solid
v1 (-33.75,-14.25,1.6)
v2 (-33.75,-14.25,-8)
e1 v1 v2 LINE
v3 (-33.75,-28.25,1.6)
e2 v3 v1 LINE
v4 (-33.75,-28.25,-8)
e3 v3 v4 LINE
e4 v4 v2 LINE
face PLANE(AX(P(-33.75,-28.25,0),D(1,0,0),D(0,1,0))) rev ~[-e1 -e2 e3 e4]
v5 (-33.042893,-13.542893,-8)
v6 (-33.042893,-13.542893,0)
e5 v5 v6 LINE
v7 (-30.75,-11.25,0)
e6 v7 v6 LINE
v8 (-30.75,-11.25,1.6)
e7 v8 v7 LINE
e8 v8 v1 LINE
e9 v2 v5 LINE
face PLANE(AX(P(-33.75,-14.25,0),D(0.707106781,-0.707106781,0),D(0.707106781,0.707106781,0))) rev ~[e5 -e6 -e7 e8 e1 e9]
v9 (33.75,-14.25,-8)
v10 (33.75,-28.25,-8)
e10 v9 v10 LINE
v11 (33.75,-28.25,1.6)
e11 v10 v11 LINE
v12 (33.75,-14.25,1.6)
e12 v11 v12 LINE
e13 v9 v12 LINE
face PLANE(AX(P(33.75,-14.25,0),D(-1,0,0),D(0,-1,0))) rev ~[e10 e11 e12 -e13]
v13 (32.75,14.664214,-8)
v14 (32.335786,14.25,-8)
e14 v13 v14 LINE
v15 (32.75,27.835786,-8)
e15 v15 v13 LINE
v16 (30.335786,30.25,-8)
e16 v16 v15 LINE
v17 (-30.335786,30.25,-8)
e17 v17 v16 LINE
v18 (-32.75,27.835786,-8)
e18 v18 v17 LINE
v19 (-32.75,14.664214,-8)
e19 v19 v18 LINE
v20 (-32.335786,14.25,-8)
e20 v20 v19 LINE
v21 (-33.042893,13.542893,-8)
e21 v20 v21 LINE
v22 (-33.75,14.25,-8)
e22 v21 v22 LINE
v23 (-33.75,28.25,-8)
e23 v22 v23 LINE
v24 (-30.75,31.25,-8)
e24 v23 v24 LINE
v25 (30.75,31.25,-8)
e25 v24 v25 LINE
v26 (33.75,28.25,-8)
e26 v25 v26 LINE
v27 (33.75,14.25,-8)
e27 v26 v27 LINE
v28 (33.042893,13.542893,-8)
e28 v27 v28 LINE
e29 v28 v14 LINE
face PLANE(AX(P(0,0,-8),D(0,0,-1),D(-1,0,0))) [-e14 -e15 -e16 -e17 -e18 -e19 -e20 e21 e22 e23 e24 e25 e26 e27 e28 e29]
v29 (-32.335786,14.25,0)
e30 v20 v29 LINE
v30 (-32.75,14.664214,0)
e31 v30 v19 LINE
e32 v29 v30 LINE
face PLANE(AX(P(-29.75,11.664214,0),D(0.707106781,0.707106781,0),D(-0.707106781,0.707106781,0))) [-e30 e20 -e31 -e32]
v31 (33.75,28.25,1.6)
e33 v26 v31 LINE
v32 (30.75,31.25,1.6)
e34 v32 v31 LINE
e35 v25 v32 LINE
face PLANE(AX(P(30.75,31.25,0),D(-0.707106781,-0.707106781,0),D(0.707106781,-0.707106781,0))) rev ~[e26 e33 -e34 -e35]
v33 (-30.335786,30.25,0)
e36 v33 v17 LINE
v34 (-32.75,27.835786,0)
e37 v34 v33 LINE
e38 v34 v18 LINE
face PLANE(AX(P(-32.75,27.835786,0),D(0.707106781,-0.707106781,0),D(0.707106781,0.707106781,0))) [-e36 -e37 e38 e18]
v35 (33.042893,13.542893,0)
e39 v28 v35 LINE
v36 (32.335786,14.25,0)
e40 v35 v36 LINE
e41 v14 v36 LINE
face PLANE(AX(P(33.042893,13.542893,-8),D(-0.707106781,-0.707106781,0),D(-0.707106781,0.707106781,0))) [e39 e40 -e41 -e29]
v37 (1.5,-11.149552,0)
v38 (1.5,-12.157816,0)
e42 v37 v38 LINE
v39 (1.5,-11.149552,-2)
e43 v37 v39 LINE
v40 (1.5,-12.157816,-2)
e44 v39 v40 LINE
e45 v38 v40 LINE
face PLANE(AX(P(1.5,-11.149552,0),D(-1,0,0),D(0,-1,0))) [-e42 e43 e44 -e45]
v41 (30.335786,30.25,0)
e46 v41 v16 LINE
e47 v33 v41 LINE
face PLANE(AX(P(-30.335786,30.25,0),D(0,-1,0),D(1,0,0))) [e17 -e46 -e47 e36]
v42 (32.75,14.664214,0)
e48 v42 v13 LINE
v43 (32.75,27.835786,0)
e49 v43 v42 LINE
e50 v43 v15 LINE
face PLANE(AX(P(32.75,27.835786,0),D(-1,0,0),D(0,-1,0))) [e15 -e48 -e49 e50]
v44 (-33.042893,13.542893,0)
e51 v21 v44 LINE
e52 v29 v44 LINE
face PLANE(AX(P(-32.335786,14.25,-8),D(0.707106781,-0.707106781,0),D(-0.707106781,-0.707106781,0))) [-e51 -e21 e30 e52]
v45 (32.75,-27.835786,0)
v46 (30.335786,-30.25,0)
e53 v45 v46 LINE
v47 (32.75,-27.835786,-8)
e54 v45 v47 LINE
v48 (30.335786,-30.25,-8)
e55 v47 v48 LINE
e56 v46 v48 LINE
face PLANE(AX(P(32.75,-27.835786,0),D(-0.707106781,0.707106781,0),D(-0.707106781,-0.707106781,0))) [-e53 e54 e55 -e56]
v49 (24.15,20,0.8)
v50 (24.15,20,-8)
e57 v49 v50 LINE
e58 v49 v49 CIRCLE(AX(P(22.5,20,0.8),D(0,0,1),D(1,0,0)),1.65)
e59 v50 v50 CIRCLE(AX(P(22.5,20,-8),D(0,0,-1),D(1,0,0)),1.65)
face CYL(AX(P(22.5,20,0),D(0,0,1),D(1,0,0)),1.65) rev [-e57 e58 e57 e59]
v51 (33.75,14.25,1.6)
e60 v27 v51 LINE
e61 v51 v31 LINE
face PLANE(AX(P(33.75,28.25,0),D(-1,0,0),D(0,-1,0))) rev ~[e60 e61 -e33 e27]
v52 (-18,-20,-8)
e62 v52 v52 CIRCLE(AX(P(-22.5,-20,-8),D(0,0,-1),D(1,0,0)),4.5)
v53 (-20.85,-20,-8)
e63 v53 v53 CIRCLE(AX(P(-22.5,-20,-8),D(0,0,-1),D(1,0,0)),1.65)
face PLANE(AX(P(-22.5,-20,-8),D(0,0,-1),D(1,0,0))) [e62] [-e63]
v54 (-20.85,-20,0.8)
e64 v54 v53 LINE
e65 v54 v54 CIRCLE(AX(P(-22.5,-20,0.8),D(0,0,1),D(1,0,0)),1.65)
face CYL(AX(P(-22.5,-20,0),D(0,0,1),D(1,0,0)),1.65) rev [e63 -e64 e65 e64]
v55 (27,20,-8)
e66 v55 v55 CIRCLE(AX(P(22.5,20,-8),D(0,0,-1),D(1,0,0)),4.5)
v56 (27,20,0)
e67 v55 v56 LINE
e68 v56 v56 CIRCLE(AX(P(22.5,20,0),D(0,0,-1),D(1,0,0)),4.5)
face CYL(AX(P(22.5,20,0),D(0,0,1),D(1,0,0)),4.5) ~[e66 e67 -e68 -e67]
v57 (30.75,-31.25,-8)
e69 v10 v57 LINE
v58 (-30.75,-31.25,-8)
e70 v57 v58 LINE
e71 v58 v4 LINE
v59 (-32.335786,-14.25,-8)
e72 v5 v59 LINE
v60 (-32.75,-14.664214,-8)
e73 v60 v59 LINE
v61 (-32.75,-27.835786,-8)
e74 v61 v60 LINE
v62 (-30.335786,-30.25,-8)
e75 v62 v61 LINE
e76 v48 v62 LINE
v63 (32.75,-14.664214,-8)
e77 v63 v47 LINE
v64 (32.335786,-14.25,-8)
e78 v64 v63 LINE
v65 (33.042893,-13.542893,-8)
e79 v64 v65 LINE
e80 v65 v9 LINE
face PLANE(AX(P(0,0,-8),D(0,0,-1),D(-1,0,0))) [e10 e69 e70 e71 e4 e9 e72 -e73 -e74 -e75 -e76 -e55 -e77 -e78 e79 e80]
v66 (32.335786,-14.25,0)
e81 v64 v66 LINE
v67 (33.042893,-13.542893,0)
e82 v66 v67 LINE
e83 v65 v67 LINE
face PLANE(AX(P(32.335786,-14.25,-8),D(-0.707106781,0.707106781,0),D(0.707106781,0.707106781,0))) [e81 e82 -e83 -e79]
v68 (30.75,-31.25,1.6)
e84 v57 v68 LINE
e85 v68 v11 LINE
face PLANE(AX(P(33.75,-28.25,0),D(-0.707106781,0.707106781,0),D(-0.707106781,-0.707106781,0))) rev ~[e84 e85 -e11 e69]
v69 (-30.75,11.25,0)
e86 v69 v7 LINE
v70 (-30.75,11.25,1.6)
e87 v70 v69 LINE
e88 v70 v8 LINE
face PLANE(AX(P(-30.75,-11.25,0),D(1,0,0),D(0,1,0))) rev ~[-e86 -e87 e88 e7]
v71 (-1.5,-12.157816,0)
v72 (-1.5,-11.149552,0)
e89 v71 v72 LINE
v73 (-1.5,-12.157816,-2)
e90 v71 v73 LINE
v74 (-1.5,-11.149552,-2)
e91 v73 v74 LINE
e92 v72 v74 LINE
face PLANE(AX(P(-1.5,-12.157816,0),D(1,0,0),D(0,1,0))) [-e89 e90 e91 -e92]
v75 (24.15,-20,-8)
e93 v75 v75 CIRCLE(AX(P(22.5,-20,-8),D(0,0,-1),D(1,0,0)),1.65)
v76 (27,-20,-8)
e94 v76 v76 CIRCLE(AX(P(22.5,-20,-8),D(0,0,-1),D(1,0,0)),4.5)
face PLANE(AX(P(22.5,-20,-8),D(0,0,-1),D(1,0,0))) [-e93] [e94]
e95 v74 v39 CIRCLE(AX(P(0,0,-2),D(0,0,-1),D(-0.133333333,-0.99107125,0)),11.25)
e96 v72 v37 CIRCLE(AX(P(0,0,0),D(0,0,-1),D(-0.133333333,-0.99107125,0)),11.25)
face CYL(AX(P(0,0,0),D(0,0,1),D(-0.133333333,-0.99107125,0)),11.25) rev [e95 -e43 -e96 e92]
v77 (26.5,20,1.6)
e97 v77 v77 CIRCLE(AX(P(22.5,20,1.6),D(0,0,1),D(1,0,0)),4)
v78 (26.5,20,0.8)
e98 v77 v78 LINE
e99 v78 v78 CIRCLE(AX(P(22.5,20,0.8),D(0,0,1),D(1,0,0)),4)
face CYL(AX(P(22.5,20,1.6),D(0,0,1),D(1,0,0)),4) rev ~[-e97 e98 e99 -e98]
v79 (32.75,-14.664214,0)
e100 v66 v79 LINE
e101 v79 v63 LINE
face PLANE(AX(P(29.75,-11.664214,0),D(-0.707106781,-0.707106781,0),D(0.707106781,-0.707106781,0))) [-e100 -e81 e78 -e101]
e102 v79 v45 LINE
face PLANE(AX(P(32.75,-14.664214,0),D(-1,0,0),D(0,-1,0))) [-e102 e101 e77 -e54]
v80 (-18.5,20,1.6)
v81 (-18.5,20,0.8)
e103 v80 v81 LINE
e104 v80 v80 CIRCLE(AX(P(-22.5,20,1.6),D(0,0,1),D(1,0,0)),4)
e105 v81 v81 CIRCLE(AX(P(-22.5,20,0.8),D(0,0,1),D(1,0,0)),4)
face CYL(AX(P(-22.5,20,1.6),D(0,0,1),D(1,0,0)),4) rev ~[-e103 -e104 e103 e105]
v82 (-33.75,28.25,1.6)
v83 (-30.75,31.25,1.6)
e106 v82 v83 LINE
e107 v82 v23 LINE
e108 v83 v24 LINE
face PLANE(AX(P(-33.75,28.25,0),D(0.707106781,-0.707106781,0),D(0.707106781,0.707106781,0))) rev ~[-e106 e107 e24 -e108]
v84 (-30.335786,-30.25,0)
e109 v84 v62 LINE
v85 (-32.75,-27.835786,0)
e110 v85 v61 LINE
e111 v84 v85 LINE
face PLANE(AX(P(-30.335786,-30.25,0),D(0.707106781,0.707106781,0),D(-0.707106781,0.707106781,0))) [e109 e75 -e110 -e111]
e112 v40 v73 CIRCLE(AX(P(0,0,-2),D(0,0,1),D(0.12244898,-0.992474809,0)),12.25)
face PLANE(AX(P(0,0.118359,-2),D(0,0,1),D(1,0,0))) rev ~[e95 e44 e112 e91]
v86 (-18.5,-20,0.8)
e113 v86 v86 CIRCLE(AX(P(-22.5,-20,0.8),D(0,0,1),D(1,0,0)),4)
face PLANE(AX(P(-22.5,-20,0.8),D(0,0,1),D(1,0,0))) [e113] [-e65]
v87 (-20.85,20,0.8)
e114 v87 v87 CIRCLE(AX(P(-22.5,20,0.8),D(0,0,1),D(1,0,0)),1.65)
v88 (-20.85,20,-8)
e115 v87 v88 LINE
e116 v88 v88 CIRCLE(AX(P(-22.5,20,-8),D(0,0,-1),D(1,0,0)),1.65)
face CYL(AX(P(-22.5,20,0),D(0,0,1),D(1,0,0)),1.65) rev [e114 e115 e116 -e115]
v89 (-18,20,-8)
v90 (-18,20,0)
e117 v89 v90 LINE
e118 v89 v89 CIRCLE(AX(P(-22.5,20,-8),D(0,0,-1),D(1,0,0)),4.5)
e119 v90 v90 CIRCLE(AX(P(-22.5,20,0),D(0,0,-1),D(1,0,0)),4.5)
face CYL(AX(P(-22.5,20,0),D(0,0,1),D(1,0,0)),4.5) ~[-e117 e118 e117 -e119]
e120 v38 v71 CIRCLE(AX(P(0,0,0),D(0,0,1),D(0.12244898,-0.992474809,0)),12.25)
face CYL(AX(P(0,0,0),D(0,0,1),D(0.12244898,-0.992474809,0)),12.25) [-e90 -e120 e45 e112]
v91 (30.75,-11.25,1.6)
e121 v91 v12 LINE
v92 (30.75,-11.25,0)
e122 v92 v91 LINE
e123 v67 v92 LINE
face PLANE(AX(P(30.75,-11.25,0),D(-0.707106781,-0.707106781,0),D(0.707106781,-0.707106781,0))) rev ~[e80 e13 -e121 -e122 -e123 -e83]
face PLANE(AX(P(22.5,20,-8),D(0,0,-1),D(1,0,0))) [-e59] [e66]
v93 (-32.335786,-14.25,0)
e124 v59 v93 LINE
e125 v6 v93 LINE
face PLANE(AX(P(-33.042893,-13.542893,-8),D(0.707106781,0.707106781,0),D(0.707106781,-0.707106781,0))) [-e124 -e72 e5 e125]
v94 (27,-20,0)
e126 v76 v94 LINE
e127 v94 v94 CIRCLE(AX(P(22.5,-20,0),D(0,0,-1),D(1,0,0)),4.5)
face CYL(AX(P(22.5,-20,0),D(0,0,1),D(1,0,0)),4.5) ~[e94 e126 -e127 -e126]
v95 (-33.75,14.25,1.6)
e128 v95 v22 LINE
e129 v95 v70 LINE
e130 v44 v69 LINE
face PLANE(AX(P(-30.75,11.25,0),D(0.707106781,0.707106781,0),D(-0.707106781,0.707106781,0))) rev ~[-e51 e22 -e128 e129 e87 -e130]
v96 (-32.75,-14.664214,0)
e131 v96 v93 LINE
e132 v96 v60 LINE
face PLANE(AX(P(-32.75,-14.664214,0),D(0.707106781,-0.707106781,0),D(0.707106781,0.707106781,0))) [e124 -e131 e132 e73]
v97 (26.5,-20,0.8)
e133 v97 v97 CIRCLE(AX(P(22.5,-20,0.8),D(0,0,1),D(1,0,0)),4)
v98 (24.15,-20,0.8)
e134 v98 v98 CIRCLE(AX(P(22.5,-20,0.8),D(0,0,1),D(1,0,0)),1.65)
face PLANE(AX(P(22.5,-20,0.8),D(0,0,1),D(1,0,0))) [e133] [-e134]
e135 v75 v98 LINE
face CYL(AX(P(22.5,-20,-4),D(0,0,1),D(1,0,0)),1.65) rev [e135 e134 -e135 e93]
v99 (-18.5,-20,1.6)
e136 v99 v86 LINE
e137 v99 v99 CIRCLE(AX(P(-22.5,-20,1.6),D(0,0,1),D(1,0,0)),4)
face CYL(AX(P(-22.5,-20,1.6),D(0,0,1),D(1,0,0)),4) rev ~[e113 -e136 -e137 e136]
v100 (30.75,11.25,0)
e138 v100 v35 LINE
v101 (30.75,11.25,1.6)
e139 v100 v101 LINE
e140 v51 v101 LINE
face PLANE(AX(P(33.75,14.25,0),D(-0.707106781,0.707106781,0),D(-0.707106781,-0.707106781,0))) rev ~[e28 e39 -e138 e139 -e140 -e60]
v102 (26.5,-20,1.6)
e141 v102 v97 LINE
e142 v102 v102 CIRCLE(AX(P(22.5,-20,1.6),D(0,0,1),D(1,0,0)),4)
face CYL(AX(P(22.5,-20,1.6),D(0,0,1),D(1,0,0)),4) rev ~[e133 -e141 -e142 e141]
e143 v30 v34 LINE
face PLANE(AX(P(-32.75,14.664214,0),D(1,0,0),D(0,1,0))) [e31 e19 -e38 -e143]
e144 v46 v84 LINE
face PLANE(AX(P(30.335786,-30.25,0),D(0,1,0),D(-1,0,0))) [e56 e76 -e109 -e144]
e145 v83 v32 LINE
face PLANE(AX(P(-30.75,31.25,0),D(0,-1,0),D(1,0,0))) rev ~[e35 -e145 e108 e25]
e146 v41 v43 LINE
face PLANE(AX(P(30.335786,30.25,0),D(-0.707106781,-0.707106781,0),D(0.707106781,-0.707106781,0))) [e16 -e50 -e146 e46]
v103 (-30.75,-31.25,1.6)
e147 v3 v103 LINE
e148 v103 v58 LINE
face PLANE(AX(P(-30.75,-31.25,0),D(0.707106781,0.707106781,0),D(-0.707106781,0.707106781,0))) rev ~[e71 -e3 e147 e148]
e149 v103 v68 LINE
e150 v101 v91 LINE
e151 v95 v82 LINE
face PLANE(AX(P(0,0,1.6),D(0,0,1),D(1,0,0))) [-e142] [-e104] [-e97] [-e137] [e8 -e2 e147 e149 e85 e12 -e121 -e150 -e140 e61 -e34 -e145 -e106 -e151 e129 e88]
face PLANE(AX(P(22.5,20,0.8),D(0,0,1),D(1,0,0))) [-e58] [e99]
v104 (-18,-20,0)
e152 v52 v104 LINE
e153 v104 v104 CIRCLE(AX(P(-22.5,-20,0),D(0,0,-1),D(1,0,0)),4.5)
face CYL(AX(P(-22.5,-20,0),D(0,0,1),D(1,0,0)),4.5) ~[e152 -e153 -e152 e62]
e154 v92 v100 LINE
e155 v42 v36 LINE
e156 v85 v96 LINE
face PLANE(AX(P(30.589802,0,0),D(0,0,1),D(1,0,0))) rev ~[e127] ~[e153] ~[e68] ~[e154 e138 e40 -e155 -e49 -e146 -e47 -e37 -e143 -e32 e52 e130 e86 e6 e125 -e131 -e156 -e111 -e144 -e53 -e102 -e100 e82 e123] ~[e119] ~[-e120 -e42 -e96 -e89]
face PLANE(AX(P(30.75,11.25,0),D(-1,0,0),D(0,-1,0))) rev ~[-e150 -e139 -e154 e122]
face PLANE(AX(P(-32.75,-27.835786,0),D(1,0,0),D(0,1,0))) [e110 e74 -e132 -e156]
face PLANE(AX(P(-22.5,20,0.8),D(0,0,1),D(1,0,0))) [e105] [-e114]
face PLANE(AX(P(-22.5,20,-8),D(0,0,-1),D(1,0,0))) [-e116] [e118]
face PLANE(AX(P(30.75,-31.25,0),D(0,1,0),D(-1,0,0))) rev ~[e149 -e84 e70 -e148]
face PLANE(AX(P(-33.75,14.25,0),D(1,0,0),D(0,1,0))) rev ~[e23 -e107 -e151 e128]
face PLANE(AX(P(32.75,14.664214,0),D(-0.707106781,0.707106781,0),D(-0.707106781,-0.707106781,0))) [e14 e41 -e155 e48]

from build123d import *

# Parameters (mm, degrees)
SKETCH_1_W           = 67.5
SKETCH_1_H           = 62.5
EXTRUDE_1_DEPTH      = 1.6
SKETCH_2_R           = 1.65
CUT_EXTRUDE_1_DEPTH  = 10
CHAMFER_1_SIZE       = 3
SKETCH_3_R           = 1.65
EXTRUDE_2_DEPTH      = 4
SKETCH_4_R           = 4
CUT_EXTRUDE_2_DEPTH  = 0.8
SKETCH_5_R           = 4.5
EXTRUDE_3_DEPTH      = 6
EXTRUDE_4_DEPTH      = 8
EXTRUDE_5_DEPTH      = 2
CUT_EXTRUDE_4_DEPTH  = 8
EXTRUDE_6_DEPTH      = 2
EXTRUDE_6_DEPTH_BACK = 2
SKETCH_10_R          = 4.5
SKETCH_10_R_2        = 1.65


with BuildPart() as part:
    # 草图1 → 凸台-拉伸1 (new body)
    with BuildSketch(Plane.XY):
        Rectangle(SKETCH_1_W, SKETCH_1_H)
    extrude(amount=EXTRUDE_1_DEPTH)

    # 草图2 → 切除-拉伸1 (cut)
    with BuildSketch(Plane.XY.offset(1.6)):
        with Locations((-22.5, 20)):
            Circle(SKETCH_2_R)
        with Locations((22.5, 20)):
            Circle(SKETCH_2_R)
        with Locations((22.5, -20)):
            Circle(SKETCH_2_R)
        with Locations((-22.5, -20)):
            Circle(SKETCH_2_R)
        Polygon((-30.75, 11.25), (-30.75, -11.25), (-33.75, -14.25), (-33.75, 14.25), align=None)
        Polygon((30.75, 11.25), (30.75, -11.25), (33.75, -14.25), (33.75, 14.25), align=None)
    extrude(amount=-CUT_EXTRUDE_1_DEPTH, mode=Mode.SUBTRACT)

    # 倒角1
    chamfer_1_edges = [part.edges().sort_by_distance(p)[0] for p in [
        (33.75, -31.25, 0.8),
        (-33.75, -31.25, 0.8),
        (-33.75, 31.25, 0.8),
        (33.75, 31.25, 0.8),
    ]]
    chamfer(chamfer_1_edges, length=CHAMFER_1_SIZE)

    # 草图3 → 凸台-拉伸2 (add)
    # profile 1 of 4: a face of its own
    with BuildSketch(Plane(origin=(0, 0, 0), x_dir=(-1, 0, 0), z_dir=(0, 0, -1))):
        Polygon((-19.901923789, 20), (-21.200961894, 22.25), (-23.799038106, 22.25), (-25.098076211, 20), (-23.799038106, 17.75), (-21.200961894, 17.75), align=None)
        with Locations(Location((-22.5, 20, 0), (0, 0, 180))):
            Circle(SKETCH_3_R, mode=Mode.SUBTRACT)
    # profile 2 of 4: a face of its own
    with BuildSketch(Plane(origin=(0, 0, 0), x_dir=(-1, 0, 0), z_dir=(0, 0, -1))):
        Polygon((25.098076211, 20), (23.799038106, 22.25), (21.200961894, 22.25), (19.901923789, 20), (21.200961894, 17.75), (23.799038106, 17.75), align=None)
        with Locations(Location((22.5, 20, 0), (0, 0, 180))):
            Circle(SKETCH_3_R, mode=Mode.SUBTRACT)
    # profile 3 of 4: a face of its own
    with BuildSketch(Plane(origin=(0, 0, 0), x_dir=(-1, 0, 0), z_dir=(0, 0, -1))):
        Polygon((25.098076211, -20), (23.799038106, -17.75), (21.200961894, -17.75), (19.901923789, -20), (21.200961894, -22.25), (23.799038106, -22.25), align=None)
        with Locations(Location((22.5, -20, 0), (0, 0, 180))):
            Circle(SKETCH_3_R, mode=Mode.SUBTRACT)
    # profile 4 of 4: a face of its own
    with BuildSketch(Plane(origin=(0, 0, 0), x_dir=(-1, 0, 0), z_dir=(0, 0, -1))):
        Polygon((-19.901923789, -20), (-21.200961894, -17.75), (-23.799038106, -17.75), (-25.098076211, -20), (-23.799038106, -22.25), (-21.200961894, -22.25), align=None)
        with Locations(Location((-22.5, -20, 0), (0, 0, 180))):
            Circle(SKETCH_3_R, mode=Mode.SUBTRACT)
    extrude(amount=EXTRUDE_2_DEPTH)

    # 草图4 → 切除-拉伸2 (cut)
    with BuildSketch(Plane.XY.offset(1.6)):
        with Locations((-22.5, 20)):
            Circle(SKETCH_4_R)
        with Locations((22.5, 20)):
            Circle(SKETCH_4_R)
        with Locations((22.5, -20)):
            Circle(SKETCH_4_R)
        with Locations((-22.5, -20)):
            Circle(SKETCH_4_R)
    extrude(amount=-CUT_EXTRUDE_2_DEPTH, mode=Mode.SUBTRACT)

    # 草图5 → 凸台-拉伸3 (add)
    # profile 1 of 4: a face of its own
    with BuildSketch(Plane(origin=(0, 0, 0), x_dir=(-1, 0, 0), z_dir=(0, 0, -1))):
        with Locations(Location((-22.5, 20, 0), (0, 0, 180))):
            Circle(SKETCH_5_R)
        Polygon((-21.200961894, 17.75), (-19.901923789, 20), (-21.200961894, 22.25), (-23.799038106, 22.25), (-25.098076211, 20), (-23.799038106, 17.75), align=None, mode=Mode.SUBTRACT)
    # profile 2 of 4: a face of its own
    with BuildSketch(Plane(origin=(0, 0, 0), x_dir=(-1, 0, 0), z_dir=(0, 0, -1))):
        with Locations(Location((22.5, 20, 0), (0, 0, 180))):
            Circle(SKETCH_5_R)
        Polygon((23.799038106, 17.75), (25.098076211, 20), (23.799038106, 22.25), (21.200961894, 22.25), (19.901923789, 20), (21.200961894, 17.75), align=None, mode=Mode.SUBTRACT)
    # profile 3 of 4: a face of its own
    with BuildSketch(Plane(origin=(0, 0, 0), x_dir=(-1, 0, 0), z_dir=(0, 0, -1))):
        with Locations(Location((22.5, -20, 0), (0, 0, 180))):
            Circle(SKETCH_5_R)
        Polygon((23.799038106, -22.25), (25.098076211, -20), (23.799038106, -17.75), (21.200961894, -17.75), (19.901923789, -20), (21.200961894, -22.25), align=None, mode=Mode.SUBTRACT)
    # profile 4 of 4: a face of its own
    with BuildSketch(Plane(origin=(0, 0, 0), x_dir=(-1, 0, 0), z_dir=(0, 0, -1))):
        with Locations(Location((-22.5, -20, 0), (0, 0, 180))):
            Circle(SKETCH_5_R)
        Polygon((-21.200961894, -22.25), (-19.901923789, -20), (-21.200961894, -17.75), (-23.799038106, -17.75), (-25.098076211, -20), (-23.799038106, -22.25), align=None, mode=Mode.SUBTRACT)
    extrude(amount=EXTRUDE_3_DEPTH)

    # 草图6 → 凸台-拉伸4 (add)
    with BuildSketch(Plane(origin=(0, 0, 0), x_dir=(-1, 0, 0), z_dir=(0, 0, -1))):
        Polygon((-30.75, -31.25), (30.75, -31.25), (33.75, -28.25), (33.75, -14.25), (30.75, -11.25), (30.75, 11.25), (33.75, 14.25), (33.75, 28.25), (30.75, 31.25), (-30.75, 31.25), (-33.75, 28.25), (-33.75, 14.25), (-30.75, 11.25), (-30.75, -11.25), (-33.75, -14.25), (-33.75, -28.25), align=None)
        Polygon((-30.335786438, -30.25), (30.335786438, -30.25), (32.75, -27.835786438), (32.75, -14.664213562), (29.75, -11.664213562), (29.75, 11.664213562), (32.75, 14.664213562), (32.75, 27.835786438), (30.335786438, 30.25), (-30.335786438, 30.25), (-32.75, 27.835786438), (-32.75, 14.664213562), (-29.75, 11.664213562), (-29.75, -11.664213562), (-32.75, -14.664213562), (-32.75, -27.835786438), align=None, mode=Mode.SUBTRACT)
    extrude(amount=EXTRUDE_4_DEPTH)

    # 草图8 → 凸台-拉伸5 (add)
    with BuildSketch(Plane(origin=(0, 0, 0), x_dir=(-1, 0, 0), z_dir=(0, 0, -1))):
        with BuildLine():
            Line((-1.5, -11.14955156), (-1.5, -12.157816416))
            ThreePointArc((-1.5, -12.157816416), (0, 12.25), (1.5, -12.157816416))
            Line((1.5, -12.157816416), (1.5, -11.14955156))
            ThreePointArc((1.5, -11.14955156), (0, 11.25), (-1.5, -11.14955156))
        make_face()
    extrude(amount=EXTRUDE_5_DEPTH)

    # 草图9 → 切除-拉伸4 (cut)
    with BuildSketch(Plane(origin=(0, 0, -8), x_dir=(-1, 0, 0), z_dir=(0, 0, -1))):
        Polygon((29.75, 11.664213562), (32.335786438, 14.25), (33.042893219, 13.542893219), (30.75, 11.25), (30.75, -11.25), (33.042893219, -13.542893219), (32.335786438, -14.25), (29.75, -11.664213562), align=None)
        Polygon((-33.042893219, 13.542893219), (-32.335786438, 14.25), (-29.75, 11.664213562), (-29.75, -11.664213562), (-32.335786438, -14.25), (-33.042893219, -13.542893219), (-30.75, -11.25), (-30.75, 11.25), align=None)
    extrude(amount=-CUT_EXTRUDE_4_DEPTH, mode=Mode.SUBTRACT)

    # 草图10 → 凸台-拉伸6 (add, two sides: drawn at the far end of the back side and taken through both)
    # profile 1 of 4: a face of its own
    with BuildSketch(Plane(origin=(0, 0, -6), x_dir=(-1, 0, 0), z_dir=(0, 0, -1)).offset(-EXTRUDE_6_DEPTH_BACK)):
        with Locations(Location((-22.5, -20, 0), (0, 0, 180))):
            Circle(SKETCH_10_R)
        with Locations(Location((-22.5, -20, 0), (0, 0, 180))):
            Circle(SKETCH_10_R_2, mode=Mode.SUBTRACT)
    # profile 2 of 4: a face of its own
    with BuildSketch(Plane(origin=(0, 0, -6), x_dir=(-1, 0, 0), z_dir=(0, 0, -1)).offset(-EXTRUDE_6_DEPTH_BACK)):
        with Locations(Location((22.5, 20, 0), (0, 0, 180))):
            Circle(SKETCH_10_R)
        with Locations(Location((22.5, 20, 0), (0, 0, 180))):
            Circle(SKETCH_10_R_2, mode=Mode.SUBTRACT)
    # profile 3 of 4: a face of its own
    with BuildSketch(Plane(origin=(0, 0, -6), x_dir=(-1, 0, 0), z_dir=(0, 0, -1)).offset(-EXTRUDE_6_DEPTH_BACK)):
        with Locations(Location((-22.5, 20, 0), (0, 0, 180))):
            Circle(SKETCH_10_R)
        with Locations(Location((-22.5, 20, 0), (0, 0, 180))):
            Circle(SKETCH_10_R_2, mode=Mode.SUBTRACT)
    # profile 4 of 4: a face of its own
    with BuildSketch(Plane(origin=(0, 0, -6), x_dir=(-1, 0, 0), z_dir=(0, 0, -1)).offset(-EXTRUDE_6_DEPTH_BACK)):
        with Locations(Location((22.5, -20, 0), (0, 0, 180))):
            Circle(SKETCH_10_R)
        with Locations(Location((22.5, -20, 0), (0, 0, 180))):
            Circle(SKETCH_10_R_2, mode=Mode.SUBTRACT)
    extrude(amount=EXTRUDE_6_DEPTH + EXTRUDE_6_DEPTH_BACK)


solid = part.part
